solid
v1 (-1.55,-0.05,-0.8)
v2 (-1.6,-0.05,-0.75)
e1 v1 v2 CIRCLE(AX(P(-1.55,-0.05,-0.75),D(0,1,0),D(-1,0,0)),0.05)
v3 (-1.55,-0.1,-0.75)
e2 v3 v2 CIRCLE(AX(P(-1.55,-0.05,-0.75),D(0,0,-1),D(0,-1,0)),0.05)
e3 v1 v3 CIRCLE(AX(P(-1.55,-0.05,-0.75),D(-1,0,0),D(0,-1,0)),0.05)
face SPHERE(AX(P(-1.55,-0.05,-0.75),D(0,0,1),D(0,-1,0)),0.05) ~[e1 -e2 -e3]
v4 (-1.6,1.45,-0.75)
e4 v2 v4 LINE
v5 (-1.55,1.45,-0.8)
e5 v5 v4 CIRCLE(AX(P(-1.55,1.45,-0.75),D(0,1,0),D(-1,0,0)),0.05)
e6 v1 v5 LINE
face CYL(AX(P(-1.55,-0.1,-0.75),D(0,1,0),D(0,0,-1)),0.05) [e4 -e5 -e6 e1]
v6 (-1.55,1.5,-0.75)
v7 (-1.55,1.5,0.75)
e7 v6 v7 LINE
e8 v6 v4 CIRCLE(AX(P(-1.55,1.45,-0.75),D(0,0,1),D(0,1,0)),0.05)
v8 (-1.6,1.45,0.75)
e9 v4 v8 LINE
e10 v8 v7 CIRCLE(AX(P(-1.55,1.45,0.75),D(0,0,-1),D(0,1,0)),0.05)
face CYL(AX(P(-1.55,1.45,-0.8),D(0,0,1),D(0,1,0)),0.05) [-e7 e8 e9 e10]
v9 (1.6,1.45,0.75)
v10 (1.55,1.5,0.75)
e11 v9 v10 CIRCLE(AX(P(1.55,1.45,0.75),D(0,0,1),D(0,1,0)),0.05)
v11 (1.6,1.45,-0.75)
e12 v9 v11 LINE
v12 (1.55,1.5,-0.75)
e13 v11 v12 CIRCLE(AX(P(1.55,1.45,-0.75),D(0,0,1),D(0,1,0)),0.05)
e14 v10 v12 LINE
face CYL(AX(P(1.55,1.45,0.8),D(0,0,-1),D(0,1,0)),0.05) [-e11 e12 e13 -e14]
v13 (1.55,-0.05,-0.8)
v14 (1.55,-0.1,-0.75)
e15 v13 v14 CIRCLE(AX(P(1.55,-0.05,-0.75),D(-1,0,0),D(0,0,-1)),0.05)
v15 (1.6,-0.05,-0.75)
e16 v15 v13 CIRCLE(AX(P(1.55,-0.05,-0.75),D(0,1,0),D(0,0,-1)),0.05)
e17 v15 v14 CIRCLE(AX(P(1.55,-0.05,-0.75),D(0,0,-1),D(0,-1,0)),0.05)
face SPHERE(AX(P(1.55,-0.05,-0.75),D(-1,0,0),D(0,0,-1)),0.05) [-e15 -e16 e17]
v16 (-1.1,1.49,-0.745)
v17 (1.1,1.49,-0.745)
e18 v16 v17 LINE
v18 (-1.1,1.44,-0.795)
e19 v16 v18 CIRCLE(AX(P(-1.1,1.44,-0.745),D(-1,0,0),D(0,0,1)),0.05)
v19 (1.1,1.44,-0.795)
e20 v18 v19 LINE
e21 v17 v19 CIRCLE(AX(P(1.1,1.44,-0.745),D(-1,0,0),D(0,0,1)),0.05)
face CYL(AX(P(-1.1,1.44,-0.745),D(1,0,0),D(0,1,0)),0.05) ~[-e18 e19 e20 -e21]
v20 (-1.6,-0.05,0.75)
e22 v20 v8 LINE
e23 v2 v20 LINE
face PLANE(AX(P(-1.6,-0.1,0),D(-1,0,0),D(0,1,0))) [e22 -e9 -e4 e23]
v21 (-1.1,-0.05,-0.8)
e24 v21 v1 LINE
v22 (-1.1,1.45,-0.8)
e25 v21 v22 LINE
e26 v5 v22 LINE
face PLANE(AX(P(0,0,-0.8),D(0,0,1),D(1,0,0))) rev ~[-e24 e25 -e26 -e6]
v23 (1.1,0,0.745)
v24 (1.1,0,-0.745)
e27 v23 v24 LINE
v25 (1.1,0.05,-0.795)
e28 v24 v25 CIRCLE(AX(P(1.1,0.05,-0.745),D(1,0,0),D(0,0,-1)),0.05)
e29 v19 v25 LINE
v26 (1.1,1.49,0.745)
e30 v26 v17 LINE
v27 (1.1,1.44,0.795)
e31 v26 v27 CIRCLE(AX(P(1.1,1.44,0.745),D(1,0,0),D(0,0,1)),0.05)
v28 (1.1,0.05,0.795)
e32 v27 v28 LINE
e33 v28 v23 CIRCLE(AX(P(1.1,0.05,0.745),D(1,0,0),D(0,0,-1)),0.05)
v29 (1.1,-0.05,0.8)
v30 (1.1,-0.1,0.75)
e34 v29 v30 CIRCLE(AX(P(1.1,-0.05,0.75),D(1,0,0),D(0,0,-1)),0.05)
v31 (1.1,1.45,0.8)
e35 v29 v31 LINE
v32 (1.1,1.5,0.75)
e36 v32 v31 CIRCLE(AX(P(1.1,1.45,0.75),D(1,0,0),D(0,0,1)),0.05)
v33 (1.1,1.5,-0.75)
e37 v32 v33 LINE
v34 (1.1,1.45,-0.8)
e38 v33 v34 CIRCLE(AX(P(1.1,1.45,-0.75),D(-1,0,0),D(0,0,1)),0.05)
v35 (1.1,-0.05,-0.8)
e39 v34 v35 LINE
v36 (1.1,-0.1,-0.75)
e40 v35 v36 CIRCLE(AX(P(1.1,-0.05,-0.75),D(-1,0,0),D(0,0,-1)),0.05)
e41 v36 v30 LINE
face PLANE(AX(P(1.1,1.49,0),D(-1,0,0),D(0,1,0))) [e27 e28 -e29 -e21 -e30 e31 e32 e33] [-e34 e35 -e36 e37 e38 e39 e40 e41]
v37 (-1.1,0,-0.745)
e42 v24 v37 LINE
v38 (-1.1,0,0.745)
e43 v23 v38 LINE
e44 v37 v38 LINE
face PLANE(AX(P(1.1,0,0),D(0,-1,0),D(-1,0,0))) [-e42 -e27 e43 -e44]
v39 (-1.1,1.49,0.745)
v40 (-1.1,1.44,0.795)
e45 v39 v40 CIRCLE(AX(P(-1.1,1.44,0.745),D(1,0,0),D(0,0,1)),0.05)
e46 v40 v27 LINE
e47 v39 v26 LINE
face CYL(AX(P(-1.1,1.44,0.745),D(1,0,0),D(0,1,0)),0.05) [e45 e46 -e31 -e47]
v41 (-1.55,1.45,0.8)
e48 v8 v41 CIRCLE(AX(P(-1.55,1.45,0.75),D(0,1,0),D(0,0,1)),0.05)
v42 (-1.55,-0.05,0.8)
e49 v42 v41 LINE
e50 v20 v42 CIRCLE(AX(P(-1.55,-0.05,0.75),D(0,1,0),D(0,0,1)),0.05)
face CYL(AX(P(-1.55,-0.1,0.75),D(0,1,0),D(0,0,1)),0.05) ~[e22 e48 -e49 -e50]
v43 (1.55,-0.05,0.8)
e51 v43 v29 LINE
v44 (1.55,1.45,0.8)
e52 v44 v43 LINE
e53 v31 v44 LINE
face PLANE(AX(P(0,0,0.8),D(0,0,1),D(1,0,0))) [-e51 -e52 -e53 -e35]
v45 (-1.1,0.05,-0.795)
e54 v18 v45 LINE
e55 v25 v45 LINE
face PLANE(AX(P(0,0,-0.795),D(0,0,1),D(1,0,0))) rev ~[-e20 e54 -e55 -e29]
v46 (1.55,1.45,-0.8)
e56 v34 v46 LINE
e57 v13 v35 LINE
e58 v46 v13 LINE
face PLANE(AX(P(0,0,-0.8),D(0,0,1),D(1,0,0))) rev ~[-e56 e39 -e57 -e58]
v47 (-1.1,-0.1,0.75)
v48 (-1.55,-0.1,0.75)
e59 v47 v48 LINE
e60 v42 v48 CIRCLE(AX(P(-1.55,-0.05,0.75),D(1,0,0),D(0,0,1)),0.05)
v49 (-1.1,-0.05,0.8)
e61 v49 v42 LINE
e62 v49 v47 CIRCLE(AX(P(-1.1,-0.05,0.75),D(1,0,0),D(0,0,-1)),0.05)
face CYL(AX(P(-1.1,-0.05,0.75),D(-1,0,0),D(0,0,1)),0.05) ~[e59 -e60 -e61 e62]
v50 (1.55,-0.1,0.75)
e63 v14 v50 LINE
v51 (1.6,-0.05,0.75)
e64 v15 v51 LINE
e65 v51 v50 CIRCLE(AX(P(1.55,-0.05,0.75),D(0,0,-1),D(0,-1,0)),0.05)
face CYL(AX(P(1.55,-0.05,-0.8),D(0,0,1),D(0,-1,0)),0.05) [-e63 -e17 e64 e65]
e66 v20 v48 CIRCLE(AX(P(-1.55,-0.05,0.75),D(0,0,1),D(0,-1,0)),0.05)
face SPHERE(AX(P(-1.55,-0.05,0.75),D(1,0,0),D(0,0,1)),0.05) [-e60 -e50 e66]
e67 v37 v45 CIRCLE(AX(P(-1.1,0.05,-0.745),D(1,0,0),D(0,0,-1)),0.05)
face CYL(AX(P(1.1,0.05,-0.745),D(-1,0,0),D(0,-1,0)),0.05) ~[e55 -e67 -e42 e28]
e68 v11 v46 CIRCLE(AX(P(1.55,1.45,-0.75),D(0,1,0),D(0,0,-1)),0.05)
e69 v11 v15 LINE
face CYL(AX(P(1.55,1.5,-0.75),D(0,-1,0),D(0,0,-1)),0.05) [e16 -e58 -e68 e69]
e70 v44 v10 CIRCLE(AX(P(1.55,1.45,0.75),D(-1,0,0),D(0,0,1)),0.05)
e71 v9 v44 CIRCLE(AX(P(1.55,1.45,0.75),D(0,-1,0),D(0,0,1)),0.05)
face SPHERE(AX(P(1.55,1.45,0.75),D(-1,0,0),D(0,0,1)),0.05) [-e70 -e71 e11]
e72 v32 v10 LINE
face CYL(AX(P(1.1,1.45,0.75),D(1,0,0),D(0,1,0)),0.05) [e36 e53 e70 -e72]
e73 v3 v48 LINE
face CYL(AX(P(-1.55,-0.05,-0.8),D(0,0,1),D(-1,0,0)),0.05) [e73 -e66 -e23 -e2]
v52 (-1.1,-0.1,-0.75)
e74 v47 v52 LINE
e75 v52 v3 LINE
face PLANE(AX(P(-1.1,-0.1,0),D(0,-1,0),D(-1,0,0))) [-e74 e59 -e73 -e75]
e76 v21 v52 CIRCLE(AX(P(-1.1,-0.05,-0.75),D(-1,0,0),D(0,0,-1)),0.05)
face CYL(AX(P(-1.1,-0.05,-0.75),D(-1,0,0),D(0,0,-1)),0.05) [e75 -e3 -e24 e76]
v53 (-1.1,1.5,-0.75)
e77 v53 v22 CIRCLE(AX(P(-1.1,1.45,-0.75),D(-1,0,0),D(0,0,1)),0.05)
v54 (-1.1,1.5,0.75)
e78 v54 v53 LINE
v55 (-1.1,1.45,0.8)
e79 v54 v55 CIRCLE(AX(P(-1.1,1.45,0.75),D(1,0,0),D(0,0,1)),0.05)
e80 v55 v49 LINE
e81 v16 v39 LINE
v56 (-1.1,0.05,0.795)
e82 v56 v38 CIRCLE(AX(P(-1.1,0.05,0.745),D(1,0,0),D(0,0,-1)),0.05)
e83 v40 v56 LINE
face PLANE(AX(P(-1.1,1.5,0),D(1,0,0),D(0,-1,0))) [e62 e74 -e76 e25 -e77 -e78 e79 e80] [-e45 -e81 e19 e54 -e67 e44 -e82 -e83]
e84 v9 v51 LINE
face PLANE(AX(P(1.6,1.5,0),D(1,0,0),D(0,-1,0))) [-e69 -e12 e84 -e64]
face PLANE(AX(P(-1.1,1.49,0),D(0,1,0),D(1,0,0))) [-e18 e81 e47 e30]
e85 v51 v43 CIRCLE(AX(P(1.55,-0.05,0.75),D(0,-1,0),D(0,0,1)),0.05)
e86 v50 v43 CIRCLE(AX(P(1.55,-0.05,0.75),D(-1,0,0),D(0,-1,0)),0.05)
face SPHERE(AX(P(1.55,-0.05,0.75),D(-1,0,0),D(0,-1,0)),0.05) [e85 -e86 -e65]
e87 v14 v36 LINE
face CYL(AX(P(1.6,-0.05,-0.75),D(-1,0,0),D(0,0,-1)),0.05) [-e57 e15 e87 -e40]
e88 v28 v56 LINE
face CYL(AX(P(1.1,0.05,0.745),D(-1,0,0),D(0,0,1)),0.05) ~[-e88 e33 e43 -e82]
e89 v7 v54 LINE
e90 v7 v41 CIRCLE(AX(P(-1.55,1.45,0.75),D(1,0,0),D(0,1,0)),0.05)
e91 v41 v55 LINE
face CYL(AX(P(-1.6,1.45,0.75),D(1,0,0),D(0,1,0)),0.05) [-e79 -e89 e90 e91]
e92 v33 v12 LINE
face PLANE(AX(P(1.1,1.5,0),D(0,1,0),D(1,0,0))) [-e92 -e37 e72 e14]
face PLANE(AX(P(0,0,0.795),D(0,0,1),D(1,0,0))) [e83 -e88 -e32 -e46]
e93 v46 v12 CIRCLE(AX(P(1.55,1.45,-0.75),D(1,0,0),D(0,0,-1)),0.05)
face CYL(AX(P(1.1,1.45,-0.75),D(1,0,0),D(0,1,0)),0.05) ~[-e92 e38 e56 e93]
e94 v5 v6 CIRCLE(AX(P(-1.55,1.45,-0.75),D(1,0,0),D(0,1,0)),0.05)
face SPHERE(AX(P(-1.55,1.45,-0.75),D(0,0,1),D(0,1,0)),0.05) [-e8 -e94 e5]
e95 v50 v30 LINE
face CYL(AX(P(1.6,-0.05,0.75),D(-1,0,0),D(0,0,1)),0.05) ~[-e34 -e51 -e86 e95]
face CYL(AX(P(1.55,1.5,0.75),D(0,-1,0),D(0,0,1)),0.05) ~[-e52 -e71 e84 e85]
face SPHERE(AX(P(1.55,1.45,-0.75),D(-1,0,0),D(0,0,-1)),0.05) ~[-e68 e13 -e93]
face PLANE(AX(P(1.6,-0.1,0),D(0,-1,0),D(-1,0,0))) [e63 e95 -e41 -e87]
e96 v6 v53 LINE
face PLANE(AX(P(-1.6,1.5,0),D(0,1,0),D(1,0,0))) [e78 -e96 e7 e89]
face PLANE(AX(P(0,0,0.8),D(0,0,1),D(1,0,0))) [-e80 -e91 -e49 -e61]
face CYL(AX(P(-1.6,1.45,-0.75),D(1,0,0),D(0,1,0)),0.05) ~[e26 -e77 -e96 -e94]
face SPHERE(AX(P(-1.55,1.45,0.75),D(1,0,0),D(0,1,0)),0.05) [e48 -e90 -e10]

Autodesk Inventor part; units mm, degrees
ref_plane "YZ Plane" through (0, 0, 0) normal (1, 0, 0) x (0, 1, 0)
ref_plane "XZ Plane" through (0, 0, 0) normal (0, 1, 0) x (-1, 0, 0)
ref_plane "XY Plane" through (0, 0, 0) normal (0, 0, 1) x (1, 0, 0)
sketch "Sketch1" plane through (0, 0, 0) normal (0, 0, 1) x (1, 0, 0)
  line L0 (-1.6, 1.5) -> (-1.1, 1.5)
  line L1 (-1.1, 1.5) -> (-1.1, -0.1)
  line L2 (-1.1, -0.1) -> (-1.6, -0.1)
  line L3 (-1.6, -0.1) -> (-1.6, 1.5)
  line L4 (-1.1, 1.49) -> (1.1, 1.49)
  line L5 (1.1, 1.49) -> (1.1, 0)
  line L6 (1.1, 0) -> (-1.1, 0)
  line L7 (-1.1, 0) -> (-1.1, 1.49)
  line L8 (1.1, 1.5) -> (1.6, 1.5)
  line L9 (1.6, 1.5) -> (1.6, -0.1)
  line L10 (1.6, -0.1) -> (1.1, -0.1)
  line L11 (1.1, -0.1) -> (1.1, 1.5)
  point P0 (0, 0)
  point P1 (0, 1.49)
  point P2 (0, 0)
  dimension "d0" = 3.2
  dimension "d1" = 1.6
  dimension "d2" = 0.5
  dimension "d3" = 0.1
  dimension "d6" = 0.01
extrude "Extrusion1" add sketch "Sketch1" along normal mid plane 1.6 contours L0 L1 L2 L3 | L11 L8 L9 L10 L5
extrude "Extrusion2" add sketch "Sketch1" along normal mid plane 1.59 contours L4 L5 L6 L1
fillet "Fillet1" radius 0.05 20 edges at (0, 1.49, 0.795) (0, 0, 0.795) (0, 1.49, -0.795) (0, 0, -0.795) (-1.35, 1.5, 0.8) (-1.35, -0.1, 0.8) (1.35, -0.1, 0.8) (1.35, 1.5, 0.8) (1.35, 1.5, -0.8) (1.35, -0.1, -0.8) (1.6, 0.7, -0.8) (1.6, -0.1, 0) (1.6, 0.7, 0.8) (1.6, 1.5, 0) (-1.6, 1.5, 0) (-1.6, 0.7, 0.8) (-1.6, -0.1, 0) (-1.35, 1.5, -0.8) (-1.35, -0.1, -0.8) (-1.6, 0.7, -0.8)
properties part number "Capacitor_3216-1.6mm" material "Copper"
